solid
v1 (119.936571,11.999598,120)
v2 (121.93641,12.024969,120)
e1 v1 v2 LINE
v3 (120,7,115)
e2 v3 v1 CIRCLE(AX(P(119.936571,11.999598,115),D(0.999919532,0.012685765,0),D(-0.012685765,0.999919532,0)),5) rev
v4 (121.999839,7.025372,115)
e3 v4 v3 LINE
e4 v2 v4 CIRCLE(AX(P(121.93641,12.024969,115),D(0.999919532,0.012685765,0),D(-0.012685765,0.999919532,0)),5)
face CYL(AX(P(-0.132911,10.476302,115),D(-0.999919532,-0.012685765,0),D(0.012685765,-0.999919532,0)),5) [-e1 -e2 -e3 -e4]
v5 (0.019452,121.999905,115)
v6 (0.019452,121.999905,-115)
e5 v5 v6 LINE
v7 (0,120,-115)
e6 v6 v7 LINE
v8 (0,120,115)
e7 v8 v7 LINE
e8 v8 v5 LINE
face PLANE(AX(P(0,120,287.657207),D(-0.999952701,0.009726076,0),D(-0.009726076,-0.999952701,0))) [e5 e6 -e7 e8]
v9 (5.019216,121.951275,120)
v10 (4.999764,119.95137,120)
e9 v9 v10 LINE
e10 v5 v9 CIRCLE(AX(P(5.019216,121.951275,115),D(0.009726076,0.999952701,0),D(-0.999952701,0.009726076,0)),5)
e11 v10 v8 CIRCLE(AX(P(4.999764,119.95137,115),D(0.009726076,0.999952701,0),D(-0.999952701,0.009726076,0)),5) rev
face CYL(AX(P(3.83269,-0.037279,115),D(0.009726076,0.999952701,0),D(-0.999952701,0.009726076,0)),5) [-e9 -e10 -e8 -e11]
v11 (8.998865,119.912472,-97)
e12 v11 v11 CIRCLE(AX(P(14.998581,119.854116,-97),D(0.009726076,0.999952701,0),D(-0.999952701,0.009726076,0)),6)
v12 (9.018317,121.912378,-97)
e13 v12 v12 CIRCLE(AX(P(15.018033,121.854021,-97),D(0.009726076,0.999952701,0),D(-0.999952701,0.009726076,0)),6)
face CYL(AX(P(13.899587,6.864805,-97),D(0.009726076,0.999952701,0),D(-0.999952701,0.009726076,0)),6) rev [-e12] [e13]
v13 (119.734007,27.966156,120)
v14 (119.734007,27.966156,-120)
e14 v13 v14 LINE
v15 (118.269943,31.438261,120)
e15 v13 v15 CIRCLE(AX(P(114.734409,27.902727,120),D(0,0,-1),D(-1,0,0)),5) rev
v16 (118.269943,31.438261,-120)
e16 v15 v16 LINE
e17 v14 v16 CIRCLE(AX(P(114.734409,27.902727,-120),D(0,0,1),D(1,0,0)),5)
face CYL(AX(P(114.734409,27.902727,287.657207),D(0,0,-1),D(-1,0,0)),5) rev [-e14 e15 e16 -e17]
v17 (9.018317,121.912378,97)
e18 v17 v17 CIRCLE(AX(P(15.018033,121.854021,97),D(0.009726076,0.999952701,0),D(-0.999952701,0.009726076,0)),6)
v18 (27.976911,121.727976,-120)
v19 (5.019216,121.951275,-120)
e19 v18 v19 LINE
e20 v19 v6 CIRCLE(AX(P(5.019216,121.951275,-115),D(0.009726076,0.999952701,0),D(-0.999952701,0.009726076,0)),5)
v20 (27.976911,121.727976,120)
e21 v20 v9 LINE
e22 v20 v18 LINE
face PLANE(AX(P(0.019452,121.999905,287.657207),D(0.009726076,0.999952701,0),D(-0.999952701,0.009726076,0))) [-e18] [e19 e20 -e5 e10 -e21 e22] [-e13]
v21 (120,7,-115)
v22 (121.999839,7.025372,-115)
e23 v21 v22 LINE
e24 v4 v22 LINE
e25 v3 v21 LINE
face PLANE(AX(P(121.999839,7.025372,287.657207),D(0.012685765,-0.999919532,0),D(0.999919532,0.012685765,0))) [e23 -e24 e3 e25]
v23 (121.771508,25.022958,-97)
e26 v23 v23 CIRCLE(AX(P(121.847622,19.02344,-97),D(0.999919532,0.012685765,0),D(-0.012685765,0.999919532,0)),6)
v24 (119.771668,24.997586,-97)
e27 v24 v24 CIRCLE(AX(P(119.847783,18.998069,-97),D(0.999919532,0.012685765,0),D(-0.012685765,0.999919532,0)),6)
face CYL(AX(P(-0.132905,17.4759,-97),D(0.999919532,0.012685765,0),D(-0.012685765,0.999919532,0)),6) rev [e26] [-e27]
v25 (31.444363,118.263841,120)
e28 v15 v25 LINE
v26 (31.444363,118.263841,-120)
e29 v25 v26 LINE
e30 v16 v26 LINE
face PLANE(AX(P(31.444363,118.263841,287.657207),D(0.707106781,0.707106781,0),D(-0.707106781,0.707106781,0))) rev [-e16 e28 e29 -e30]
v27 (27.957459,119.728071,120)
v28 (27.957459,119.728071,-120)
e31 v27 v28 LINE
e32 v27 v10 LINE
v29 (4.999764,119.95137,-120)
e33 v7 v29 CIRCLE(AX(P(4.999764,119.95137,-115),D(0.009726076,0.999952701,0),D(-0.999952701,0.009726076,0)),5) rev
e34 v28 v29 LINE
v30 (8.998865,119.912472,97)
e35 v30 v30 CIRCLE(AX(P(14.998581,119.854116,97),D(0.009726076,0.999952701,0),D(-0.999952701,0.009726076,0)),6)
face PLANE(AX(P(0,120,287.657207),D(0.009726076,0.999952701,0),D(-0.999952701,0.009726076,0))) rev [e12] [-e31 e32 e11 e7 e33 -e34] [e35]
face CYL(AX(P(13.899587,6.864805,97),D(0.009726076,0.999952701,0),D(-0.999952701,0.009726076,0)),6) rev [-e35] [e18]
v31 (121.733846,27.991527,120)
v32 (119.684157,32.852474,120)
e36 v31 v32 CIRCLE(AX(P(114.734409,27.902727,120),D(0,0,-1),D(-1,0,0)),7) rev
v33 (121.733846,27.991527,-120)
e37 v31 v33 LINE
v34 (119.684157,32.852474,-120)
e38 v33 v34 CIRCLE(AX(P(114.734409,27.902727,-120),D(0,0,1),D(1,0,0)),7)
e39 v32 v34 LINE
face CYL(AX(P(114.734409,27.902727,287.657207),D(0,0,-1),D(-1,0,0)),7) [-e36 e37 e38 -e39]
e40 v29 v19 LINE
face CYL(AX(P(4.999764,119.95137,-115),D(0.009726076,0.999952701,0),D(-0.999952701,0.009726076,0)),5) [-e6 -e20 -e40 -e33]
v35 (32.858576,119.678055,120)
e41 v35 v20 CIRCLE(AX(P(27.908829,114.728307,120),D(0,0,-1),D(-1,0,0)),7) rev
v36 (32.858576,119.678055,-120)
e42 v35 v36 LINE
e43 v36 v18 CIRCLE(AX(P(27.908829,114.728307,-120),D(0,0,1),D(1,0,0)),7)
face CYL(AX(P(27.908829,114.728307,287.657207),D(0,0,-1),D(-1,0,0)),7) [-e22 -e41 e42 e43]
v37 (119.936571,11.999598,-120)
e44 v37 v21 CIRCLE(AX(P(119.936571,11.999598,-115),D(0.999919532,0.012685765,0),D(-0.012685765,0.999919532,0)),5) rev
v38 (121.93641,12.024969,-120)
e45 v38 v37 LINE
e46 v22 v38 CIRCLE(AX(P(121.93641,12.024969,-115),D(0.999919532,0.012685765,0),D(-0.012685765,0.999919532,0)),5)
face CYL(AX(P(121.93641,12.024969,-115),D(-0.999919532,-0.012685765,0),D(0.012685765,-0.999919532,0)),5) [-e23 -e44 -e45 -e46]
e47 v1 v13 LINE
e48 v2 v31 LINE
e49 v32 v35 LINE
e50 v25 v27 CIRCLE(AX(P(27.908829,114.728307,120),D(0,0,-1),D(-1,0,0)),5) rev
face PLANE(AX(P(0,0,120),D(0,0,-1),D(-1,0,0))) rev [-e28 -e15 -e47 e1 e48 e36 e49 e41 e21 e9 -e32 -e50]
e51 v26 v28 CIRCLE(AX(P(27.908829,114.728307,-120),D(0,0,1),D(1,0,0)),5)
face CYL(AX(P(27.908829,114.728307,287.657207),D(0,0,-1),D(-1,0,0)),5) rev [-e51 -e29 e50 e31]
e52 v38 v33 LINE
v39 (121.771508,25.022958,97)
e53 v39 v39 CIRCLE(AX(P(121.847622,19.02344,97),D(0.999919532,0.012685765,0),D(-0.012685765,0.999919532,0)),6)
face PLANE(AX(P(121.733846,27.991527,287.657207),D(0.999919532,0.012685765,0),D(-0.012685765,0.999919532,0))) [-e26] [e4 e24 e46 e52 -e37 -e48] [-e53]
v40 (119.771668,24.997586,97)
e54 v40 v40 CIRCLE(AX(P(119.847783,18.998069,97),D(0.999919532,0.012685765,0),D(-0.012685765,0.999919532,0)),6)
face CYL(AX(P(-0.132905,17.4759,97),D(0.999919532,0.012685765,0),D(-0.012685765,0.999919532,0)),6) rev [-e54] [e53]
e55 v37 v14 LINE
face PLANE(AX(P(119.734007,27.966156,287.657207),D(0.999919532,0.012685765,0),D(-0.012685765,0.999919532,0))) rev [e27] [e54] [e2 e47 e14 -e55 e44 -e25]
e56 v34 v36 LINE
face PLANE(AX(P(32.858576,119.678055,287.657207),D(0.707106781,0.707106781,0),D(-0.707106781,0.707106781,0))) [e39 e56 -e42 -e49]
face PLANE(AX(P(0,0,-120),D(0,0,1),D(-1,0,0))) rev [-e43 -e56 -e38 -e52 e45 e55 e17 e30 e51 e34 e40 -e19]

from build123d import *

# Parameters (mm, degrees)
ESTRUSIONE_SOTTILE1_DEPTH      = 120
ESTRUSIONE_SOTTILE1_DEPTH_BACK = 120
RACCORDO1_R                    = 5
RACCORDO2_R                    = 5
SCHIZZO8_R                     = 6
TAGLIO_ESTRUSIONE1_DEPTH       = 210.306999049
SCHIZZO7_R                     = 6
TAGLIO_ESTRUSIONE2_DEPTH       = 206.470737868


with BuildPart() as part:
    # Schizzo1 → Estrusione-Sottile1 (new, two sides: drawn at the far end of the back side and taken through both)
    with BuildSketch(Plane.XY.offset(-ESTRUSIONE_SOTTILE1_DEPTH_BACK)):
        with BuildLine():
            Line((0, 120), (27.957459223, 119.728070778))
            ThreePointArc((27.957459223, 119.728070778), (29.844687952, 119.338345184), (31.444362752, 118.263841181))
            Line((31.444362752, 118.263841181), (118.269943122, 31.43826081))
            ThreePointArc((118.269943122, 31.43826081), (119.341577126, 29.845406459), (119.734006879, 27.966155728))
            Line((119.734006879, 27.966155728), (120, 7))
            Line((120, 7), (121.999839065, 7.025371529))
            Line((121.999839065, 7.025371529), (121.733845944, 27.991527257))
            ThreePointArc((121.733845944, 27.991527257), (121.18444429, 30.622478281), (119.684156685, 32.852474373))
            Line((119.684156685, 32.852474373), (32.858576314, 119.678054743))
            ThreePointArc((32.858576314, 119.678054743), (30.619031595, 121.182360347), (27.976911374, 121.727976179))
            Line((27.976911374, 121.727976179), (0.019452151, 121.999905401))
            Line((0.019452151, 121.999905401), (0, 120))
        make_face()
    extrude(amount=ESTRUSIONE_SOTTILE1_DEPTH + ESTRUSIONE_SOTTILE1_DEPTH_BACK)

    # Raccordo1
    raccordo1_edges = [part.edges().sort_by_distance(p)[0] for p in [
        (120.999919532, 7.012685765, 120),
        (120.999919532, 7.012685765, -120),
    ]]
    fillet(raccordo1_edges, radius=RACCORDO1_R)

    # Raccordo2
    raccordo2_edges = [part.edges().sort_by_distance(p)[0] for p in [
        (0.009726076, 120.999952701, 120),
        (0.009726076, 120.999952701, -120),
    ]]
    fillet(raccordo2_edges, radius=RACCORDO2_R)

    # Schizzo8 → Taglio-Estrusione1 (cut, through all)
    with BuildSketch(Plane(origin=(122.069320837, 1.548667295, 0), x_dir=(0, 0, -1), z_dir=(0.9999195324498686, 0.012685764668954389, 0))):
        with Locations(Location((-97, 17.476179356, 0), (0, 0, 90))):
            Circle(SCHIZZO8_R)
        with Locations(Location((97, 17.476179356, 0), (0, 0, 90))):
            Circle(SCHIZZO8_R)
    extrude(amount=-TAGLIO_ESTRUSIONE1_DEPTH, mode=Mode.SUBTRACT)

    # Schizzo7 → Taglio-Estrusione2 (cut, through all)
    with BuildSketch(Plane(origin=(1.186526009, 121.988553816, 0), x_dir=(0.9999527006088332, -0.00972607552414292, 0), z_dir=(0.00972607552414292, 0.9999527006088332, 0))):
        with Locations(Location((13.832161446, -97, 0), (0, 0, 180))):
            Circle(SCHIZZO7_R)
        with Locations(Location((13.832161446, 97, 0), (0, 0, 180))):
            Circle(SCHIZZO7_R)
    extrude(amount=-TAGLIO_ESTRUSIONE2_DEPTH, mode=Mode.SUBTRACT)


solid = part.part
